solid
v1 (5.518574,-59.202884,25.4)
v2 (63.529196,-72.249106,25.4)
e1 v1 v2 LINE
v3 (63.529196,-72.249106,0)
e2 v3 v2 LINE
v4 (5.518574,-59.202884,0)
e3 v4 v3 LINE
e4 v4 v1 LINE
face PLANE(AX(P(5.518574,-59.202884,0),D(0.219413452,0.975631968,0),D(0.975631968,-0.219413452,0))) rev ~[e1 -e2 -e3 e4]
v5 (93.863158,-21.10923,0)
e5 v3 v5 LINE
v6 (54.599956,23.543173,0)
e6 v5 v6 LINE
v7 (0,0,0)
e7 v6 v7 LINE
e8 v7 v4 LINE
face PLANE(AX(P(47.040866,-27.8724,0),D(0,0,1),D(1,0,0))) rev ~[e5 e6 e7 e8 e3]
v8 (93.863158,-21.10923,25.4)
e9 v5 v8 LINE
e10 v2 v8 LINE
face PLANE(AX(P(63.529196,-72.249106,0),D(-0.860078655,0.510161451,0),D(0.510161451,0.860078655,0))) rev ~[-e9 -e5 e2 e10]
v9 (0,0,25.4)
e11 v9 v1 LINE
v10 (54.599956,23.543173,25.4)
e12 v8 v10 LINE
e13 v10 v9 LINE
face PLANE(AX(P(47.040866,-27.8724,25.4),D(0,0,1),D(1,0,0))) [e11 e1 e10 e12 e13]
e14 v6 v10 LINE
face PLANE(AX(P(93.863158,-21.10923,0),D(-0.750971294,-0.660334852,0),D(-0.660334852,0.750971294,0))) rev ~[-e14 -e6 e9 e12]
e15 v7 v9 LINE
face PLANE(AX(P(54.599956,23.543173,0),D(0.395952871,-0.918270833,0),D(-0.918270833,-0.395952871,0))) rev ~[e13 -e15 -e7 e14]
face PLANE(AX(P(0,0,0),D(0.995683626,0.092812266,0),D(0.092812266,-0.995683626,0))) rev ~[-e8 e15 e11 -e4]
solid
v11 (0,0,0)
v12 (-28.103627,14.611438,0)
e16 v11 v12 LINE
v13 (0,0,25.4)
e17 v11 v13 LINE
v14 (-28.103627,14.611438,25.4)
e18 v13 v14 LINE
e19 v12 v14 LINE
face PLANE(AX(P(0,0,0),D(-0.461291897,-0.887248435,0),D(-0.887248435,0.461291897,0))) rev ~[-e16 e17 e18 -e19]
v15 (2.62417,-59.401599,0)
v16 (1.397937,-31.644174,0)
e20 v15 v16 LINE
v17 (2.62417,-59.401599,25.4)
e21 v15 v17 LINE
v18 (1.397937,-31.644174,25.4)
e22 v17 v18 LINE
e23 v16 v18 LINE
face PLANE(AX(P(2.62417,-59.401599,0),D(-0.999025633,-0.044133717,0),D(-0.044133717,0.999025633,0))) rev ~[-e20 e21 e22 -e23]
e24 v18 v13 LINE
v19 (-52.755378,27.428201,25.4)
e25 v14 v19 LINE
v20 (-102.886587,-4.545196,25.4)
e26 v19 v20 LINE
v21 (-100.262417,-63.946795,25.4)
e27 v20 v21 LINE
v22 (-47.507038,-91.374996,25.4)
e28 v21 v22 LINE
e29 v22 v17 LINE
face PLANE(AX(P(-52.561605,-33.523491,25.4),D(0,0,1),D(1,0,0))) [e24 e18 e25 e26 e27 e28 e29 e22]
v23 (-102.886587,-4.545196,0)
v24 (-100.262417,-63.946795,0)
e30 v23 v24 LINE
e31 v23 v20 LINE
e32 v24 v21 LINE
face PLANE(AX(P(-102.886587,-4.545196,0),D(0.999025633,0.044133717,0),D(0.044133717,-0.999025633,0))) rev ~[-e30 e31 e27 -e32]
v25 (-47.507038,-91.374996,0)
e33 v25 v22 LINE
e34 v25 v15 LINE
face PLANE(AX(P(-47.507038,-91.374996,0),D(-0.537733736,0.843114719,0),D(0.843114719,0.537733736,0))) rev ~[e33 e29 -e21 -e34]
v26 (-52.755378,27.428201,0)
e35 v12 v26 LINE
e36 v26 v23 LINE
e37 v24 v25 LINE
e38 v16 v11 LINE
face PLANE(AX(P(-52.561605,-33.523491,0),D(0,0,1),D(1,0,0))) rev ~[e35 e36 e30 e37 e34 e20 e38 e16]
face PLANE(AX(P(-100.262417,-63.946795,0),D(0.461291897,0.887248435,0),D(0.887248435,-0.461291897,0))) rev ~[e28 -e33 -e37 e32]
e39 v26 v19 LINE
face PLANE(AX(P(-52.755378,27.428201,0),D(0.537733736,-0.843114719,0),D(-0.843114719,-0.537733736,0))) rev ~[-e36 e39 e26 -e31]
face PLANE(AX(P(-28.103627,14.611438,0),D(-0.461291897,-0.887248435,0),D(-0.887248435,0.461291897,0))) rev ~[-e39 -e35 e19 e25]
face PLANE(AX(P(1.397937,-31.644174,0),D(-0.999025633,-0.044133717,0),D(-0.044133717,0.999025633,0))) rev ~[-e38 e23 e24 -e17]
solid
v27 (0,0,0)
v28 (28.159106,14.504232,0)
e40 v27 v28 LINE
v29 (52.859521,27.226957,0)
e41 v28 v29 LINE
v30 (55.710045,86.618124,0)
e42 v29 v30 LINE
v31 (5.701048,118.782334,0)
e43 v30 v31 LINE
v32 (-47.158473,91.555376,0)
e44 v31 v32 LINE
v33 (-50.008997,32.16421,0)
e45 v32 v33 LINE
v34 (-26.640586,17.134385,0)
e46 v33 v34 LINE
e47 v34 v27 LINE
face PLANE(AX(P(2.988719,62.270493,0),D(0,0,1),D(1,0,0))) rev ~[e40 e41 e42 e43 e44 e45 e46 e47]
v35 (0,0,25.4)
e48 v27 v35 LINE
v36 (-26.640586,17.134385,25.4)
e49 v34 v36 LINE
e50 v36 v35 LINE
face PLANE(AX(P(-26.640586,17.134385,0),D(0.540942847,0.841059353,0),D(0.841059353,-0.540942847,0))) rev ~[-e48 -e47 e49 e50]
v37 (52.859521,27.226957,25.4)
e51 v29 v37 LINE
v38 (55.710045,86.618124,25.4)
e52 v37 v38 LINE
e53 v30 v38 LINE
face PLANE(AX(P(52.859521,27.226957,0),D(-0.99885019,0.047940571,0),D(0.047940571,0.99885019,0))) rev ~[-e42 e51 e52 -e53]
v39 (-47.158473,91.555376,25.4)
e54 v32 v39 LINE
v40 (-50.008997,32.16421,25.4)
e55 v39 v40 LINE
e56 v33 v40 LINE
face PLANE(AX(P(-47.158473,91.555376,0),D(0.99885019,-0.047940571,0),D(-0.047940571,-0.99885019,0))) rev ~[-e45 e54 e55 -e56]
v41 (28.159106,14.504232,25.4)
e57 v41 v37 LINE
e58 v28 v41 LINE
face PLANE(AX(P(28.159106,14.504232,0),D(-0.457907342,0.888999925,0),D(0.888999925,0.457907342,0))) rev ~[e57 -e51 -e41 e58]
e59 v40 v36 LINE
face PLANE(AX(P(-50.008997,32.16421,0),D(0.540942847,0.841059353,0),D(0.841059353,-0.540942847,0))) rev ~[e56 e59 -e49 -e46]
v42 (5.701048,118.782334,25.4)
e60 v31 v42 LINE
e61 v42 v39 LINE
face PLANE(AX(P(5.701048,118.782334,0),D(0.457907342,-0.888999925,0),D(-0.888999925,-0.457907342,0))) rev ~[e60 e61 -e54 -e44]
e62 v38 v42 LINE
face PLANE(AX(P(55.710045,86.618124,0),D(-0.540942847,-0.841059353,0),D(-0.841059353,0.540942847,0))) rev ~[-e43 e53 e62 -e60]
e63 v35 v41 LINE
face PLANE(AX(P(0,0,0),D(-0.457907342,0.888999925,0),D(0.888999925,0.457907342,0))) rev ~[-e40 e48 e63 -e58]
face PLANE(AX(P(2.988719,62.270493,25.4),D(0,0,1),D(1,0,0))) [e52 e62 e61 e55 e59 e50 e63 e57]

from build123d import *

# Parameters (mm, degrees)
F1_DEPTH = 25.4


with BuildPart() as f1:
    # F0 (on Top) → F1 (new body)
    with BuildSketch(Plane.XY):
        with BuildLine():
            ThreePointArc((-26.6405862454, 17.1343847799), (1.5185193749, 31.6386168502), (28.1591056203, 14.5042320703))
            Line((28.1591056203, 14.5042320703), (52.8595212289, 27.2269571827))
            Line((52.8595212289, 27.2269571827), (55.7100452554, 86.6181239901))
            Line((55.7100452554, 86.6181239901), (5.701048053, 118.7823336148))
            Line((5.701048053, 118.7823336148), (-47.1584731759, 91.5553764322))
            Line((-47.1584731759, 91.5553764322), (-50.0089972024, 32.1642096247))
            Line((-50.0089972024, 32.1642096247), (-26.6405862454, 17.1343847799))
        make_face()
        with BuildLine():
            Line((0, 0), (28.1591056203, 14.5042320703))
            ThreePointArc((28.1591056203, 14.5042320703), (1.5185193749, 31.6386168502), (-26.6405862454, 17.1343847799))
            Line((-26.6405862454, 17.1343847799), (0, 0))
        make_face()
    extrude(amount=F1_DEPTH)


with BuildPart() as f1b:
    # F0 (on Top) → F1, piece 2 (new body)
    with BuildSketch(Plane.XY):
        with BuildLine():
            Line((2.6241702257, -59.4015985694), (1.397937114, -31.6441740153))
            ThreePointArc((1.397937114, -31.6441740153), (-26.705690022, -17.0327360612), (-28.103627136, 14.6114379541))
            Line((-28.103627136, 14.6114379541), (-52.7553784994, 27.4282012053))
            Line((-52.7553784994, 27.4282012053), (-102.886586773, -4.5451961587))
            Line((-102.886586773, -4.5451961587), (-100.2624165472, -63.9467947281))
            Line((-100.2624165472, -63.9467947281), (-47.5070380479, -91.3749959334))
            Line((-47.5070380479, -91.3749959334), (2.6241702257, -59.4015985694))
        make_face()
        with BuildLine():
            Line((1.397937114, -31.6441740153), (0, 0))
            Line((0, 0), (-28.103627136, 14.6114379541))
            ThreePointArc((-28.103627136, 14.6114379541), (-26.705690022, -17.0327360612), (1.397937114, -31.6441740153))
        make_face()
    extrude(amount=F1_DEPTH)


with BuildPart() as f1c:
    # F0 (on Top) → F1, piece 3 (new body)
    with BuildSketch(Plane.XY):
        with BuildLine():
            ThreePointArc((29.0862627469, 12.5418219052), (31.0210930643, 6.4031056823), (31.6750371315, 0))
            ThreePointArc((31.6750371315, 0), (23.413962327, -21.3329403842), (2.9398319575, -31.5383158292))
            Line((2.9398319575, -31.5383158292), (5.5185740578, -59.202884409))
            Line((5.5185740578, -59.202884409), (63.529196227, -72.249105989))
            Line((63.529196227, -72.249105989), (93.8631583783, -21.1092299413))
            Line((93.8631583783, -21.1092299413), (54.599955832, 23.5431732167))
            Line((54.599955832, 23.5431732167), (29.0862627469, 12.5418219052))
        make_face()
        with BuildLine():
            ThreePointArc((2.9398319575, -31.5383158292), (23.413962327, -21.3329403842), (31.6750371315, 0))
            ThreePointArc((31.6750371315, 0), (31.0210930643, 6.4031056823), (29.0862627469, 12.5418219052))
            Line((29.0862627469, 12.5418219052), (0, 0))
            Line((0, 0), (2.9398319575, -31.5383158292))
        make_face()
    extrude(amount=F1_DEPTH)


solid = Compound([f1.part, f1b.part, f1c.part])
